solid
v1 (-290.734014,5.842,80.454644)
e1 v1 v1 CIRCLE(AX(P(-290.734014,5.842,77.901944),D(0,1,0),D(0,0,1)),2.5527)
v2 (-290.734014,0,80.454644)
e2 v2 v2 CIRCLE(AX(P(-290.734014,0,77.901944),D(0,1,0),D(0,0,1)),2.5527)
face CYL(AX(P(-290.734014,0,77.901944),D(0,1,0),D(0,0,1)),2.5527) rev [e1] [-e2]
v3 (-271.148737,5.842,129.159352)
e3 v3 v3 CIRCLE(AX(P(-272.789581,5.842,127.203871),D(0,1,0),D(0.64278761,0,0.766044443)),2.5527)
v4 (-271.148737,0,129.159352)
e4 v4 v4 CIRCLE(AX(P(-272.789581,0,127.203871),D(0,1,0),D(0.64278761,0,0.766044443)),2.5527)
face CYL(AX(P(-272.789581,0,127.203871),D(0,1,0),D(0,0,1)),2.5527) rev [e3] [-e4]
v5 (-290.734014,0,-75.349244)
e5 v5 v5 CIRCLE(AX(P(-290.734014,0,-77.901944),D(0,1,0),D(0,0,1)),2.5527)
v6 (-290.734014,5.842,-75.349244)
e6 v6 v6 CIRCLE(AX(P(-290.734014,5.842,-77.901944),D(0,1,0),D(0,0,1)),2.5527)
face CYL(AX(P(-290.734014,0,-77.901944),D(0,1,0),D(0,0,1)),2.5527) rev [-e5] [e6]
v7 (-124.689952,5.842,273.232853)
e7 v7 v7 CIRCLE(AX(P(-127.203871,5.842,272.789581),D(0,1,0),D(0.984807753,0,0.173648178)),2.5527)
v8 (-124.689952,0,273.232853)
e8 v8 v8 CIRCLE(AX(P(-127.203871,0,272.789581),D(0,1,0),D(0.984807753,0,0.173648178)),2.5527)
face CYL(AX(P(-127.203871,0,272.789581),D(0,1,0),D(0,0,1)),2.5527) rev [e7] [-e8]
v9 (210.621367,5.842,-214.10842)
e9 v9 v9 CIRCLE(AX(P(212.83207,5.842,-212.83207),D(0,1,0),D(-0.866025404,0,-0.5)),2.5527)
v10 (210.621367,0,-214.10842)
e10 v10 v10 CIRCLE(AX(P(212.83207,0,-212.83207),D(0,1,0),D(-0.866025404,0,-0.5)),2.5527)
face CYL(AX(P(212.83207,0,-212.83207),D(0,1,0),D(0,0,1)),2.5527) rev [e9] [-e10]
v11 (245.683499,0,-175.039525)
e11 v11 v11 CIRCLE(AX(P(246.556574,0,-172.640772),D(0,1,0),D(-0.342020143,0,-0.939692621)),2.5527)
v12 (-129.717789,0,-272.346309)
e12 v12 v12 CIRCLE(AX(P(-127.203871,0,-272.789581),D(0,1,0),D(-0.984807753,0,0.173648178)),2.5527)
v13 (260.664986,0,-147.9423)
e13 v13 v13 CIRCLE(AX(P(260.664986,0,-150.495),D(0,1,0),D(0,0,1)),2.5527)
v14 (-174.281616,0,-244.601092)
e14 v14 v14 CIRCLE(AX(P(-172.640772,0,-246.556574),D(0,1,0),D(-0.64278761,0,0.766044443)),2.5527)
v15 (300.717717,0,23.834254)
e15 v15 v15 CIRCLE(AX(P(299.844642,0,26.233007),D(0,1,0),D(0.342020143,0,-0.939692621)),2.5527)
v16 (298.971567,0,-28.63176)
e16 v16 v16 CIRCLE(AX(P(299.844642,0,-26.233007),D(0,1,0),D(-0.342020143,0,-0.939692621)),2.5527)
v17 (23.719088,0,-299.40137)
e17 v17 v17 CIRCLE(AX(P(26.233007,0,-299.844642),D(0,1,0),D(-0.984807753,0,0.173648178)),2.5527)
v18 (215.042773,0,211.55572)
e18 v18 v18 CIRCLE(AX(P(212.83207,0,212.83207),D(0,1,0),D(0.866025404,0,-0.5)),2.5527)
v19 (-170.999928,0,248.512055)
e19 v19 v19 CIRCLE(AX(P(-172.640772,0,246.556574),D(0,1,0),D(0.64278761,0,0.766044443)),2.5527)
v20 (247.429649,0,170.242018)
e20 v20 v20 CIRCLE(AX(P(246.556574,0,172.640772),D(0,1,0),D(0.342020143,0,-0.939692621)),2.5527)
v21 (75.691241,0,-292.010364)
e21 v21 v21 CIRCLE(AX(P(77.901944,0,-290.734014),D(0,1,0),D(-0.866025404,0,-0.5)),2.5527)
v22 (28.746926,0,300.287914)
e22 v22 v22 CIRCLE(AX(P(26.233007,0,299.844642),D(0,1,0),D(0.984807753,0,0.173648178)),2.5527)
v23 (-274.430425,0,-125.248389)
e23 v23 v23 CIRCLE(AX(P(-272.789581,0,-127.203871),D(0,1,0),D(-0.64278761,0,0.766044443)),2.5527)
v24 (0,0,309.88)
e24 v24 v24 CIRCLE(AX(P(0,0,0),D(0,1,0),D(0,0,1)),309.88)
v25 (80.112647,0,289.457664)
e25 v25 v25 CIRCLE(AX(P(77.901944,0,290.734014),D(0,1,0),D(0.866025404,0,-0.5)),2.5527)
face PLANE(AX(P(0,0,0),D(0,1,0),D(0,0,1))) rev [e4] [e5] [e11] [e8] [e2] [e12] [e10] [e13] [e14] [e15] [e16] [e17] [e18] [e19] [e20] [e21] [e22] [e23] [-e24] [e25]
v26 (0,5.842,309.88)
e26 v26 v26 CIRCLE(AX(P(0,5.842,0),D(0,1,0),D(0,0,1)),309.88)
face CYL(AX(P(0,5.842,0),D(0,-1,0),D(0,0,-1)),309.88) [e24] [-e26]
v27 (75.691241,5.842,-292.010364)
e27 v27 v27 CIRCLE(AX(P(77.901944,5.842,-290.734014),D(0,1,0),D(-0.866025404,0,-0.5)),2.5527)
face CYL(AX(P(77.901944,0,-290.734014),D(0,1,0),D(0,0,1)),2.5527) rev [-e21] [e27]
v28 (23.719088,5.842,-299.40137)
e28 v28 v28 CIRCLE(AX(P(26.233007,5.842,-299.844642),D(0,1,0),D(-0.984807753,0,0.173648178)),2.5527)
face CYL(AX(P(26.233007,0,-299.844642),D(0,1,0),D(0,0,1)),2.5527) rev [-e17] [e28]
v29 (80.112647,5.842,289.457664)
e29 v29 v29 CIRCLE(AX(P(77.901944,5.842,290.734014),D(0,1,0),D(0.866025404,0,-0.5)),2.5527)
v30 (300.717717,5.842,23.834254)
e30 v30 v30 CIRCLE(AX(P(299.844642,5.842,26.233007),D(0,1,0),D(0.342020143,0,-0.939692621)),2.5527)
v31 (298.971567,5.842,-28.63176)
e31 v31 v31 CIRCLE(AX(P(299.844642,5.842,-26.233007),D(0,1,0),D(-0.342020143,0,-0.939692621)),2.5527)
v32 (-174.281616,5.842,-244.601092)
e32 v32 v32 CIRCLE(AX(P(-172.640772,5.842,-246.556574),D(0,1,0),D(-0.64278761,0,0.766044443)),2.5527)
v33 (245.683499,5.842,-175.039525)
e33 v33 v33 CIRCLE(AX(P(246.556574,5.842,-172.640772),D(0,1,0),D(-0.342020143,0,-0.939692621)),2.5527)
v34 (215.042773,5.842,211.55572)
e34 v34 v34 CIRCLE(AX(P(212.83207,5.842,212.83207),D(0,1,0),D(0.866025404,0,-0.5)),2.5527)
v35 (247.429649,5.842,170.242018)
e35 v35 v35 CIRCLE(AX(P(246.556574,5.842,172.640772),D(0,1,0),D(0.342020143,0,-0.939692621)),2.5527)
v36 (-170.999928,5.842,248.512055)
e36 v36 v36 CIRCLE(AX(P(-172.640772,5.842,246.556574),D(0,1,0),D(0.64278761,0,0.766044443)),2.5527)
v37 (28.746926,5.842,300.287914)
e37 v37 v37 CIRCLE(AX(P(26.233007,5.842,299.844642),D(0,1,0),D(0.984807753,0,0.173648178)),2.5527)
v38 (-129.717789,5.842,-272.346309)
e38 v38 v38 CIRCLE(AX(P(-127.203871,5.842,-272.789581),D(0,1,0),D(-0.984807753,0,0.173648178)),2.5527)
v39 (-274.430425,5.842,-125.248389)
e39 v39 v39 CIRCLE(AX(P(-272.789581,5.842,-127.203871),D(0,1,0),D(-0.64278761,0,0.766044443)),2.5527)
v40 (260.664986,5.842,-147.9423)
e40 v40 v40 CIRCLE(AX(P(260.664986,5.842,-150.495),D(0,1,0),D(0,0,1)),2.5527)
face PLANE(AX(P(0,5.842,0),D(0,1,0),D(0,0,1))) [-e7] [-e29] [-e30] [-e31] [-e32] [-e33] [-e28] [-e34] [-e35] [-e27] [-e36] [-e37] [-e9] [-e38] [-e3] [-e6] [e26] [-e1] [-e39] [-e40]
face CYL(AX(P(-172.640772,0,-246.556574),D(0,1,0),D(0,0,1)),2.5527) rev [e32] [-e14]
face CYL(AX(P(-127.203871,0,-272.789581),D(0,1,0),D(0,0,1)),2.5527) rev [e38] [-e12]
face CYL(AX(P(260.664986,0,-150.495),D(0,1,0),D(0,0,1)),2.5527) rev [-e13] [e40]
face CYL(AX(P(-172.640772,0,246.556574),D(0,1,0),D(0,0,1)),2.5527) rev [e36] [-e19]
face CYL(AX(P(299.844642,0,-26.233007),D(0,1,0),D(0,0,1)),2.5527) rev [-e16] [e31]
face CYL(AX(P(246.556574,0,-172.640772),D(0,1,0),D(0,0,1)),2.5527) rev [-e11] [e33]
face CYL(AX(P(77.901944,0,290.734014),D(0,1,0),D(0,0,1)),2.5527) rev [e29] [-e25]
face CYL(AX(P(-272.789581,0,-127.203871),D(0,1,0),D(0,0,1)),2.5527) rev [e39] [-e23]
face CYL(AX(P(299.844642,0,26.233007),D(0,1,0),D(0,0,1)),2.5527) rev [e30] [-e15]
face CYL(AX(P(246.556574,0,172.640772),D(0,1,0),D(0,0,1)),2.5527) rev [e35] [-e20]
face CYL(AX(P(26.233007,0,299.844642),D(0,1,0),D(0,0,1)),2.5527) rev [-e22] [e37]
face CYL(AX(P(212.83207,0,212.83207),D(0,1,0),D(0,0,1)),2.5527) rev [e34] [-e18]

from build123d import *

# Parameters (mm, degrees)
SKETCH1_R           = 309.88
BOSS_EXTRUDE1_DEPTH = 5.842
SKETCH2_R           = 2.5527
CUT_EXTRUDE1_DEPTH  = 439.275435958
CIRPATTERN1_COUNT   = 9
SKETCH3_R           = 2.5527
HOLE_WIRE_DEPTH     = 439.275435958


with BuildPart() as part:
    # Sketch1 → Boss-Extrude1 (new body)
    with BuildSketch(Plane(origin=(0, 0, 0), x_dir=(1, 0, 0), z_dir=(0, 1, 0))):
        Circle(SKETCH1_R)
    extrude(amount=BOSS_EXTRUDE1_DEPTH)

    # Sketch2 → Cut-Extrude1 (cut, through all)
    with BuildSketch(Plane(origin=(0, 5.842, 0), x_dir=(1, 0, 0), z_dir=(0, 1, 0))):
        with Locations((-290.734014455, 77.901944385)):
            Circle(SKETCH2_R)
        with Locations((-290.734014455, -77.901944385)):
            Circle(SKETCH2_R)
    cut_extrude1 = extrude(amount=-CUT_EXTRUDE1_DEPTH, mode=Mode.SUBTRACT)

    # CirPattern1: Cut-Extrude1 ×9 about axis
    cirpattern1_axis = Axis((0, 6.6675, 0), (0, -1, 0))
    for i in range(1, CIRPATTERN1_COUNT):
        add(cut_extrude1.rotate(cirpattern1_axis, i * 360 / CIRPATTERN1_COUNT), mode=Mode.SUBTRACT)

    # Sketch3 → Hole_Wire (cut, through all)
    with BuildSketch(Plane(origin=(0, 5.842, 0), x_dir=(1, 0, 0), z_dir=(0, 1, 0))):
        with Locations((260.664986285, 150.495)):
            Circle(SKETCH3_R)
    extrude(amount=-HOLE_WIRE_DEPTH, mode=Mode.SUBTRACT)


solid = part.part
